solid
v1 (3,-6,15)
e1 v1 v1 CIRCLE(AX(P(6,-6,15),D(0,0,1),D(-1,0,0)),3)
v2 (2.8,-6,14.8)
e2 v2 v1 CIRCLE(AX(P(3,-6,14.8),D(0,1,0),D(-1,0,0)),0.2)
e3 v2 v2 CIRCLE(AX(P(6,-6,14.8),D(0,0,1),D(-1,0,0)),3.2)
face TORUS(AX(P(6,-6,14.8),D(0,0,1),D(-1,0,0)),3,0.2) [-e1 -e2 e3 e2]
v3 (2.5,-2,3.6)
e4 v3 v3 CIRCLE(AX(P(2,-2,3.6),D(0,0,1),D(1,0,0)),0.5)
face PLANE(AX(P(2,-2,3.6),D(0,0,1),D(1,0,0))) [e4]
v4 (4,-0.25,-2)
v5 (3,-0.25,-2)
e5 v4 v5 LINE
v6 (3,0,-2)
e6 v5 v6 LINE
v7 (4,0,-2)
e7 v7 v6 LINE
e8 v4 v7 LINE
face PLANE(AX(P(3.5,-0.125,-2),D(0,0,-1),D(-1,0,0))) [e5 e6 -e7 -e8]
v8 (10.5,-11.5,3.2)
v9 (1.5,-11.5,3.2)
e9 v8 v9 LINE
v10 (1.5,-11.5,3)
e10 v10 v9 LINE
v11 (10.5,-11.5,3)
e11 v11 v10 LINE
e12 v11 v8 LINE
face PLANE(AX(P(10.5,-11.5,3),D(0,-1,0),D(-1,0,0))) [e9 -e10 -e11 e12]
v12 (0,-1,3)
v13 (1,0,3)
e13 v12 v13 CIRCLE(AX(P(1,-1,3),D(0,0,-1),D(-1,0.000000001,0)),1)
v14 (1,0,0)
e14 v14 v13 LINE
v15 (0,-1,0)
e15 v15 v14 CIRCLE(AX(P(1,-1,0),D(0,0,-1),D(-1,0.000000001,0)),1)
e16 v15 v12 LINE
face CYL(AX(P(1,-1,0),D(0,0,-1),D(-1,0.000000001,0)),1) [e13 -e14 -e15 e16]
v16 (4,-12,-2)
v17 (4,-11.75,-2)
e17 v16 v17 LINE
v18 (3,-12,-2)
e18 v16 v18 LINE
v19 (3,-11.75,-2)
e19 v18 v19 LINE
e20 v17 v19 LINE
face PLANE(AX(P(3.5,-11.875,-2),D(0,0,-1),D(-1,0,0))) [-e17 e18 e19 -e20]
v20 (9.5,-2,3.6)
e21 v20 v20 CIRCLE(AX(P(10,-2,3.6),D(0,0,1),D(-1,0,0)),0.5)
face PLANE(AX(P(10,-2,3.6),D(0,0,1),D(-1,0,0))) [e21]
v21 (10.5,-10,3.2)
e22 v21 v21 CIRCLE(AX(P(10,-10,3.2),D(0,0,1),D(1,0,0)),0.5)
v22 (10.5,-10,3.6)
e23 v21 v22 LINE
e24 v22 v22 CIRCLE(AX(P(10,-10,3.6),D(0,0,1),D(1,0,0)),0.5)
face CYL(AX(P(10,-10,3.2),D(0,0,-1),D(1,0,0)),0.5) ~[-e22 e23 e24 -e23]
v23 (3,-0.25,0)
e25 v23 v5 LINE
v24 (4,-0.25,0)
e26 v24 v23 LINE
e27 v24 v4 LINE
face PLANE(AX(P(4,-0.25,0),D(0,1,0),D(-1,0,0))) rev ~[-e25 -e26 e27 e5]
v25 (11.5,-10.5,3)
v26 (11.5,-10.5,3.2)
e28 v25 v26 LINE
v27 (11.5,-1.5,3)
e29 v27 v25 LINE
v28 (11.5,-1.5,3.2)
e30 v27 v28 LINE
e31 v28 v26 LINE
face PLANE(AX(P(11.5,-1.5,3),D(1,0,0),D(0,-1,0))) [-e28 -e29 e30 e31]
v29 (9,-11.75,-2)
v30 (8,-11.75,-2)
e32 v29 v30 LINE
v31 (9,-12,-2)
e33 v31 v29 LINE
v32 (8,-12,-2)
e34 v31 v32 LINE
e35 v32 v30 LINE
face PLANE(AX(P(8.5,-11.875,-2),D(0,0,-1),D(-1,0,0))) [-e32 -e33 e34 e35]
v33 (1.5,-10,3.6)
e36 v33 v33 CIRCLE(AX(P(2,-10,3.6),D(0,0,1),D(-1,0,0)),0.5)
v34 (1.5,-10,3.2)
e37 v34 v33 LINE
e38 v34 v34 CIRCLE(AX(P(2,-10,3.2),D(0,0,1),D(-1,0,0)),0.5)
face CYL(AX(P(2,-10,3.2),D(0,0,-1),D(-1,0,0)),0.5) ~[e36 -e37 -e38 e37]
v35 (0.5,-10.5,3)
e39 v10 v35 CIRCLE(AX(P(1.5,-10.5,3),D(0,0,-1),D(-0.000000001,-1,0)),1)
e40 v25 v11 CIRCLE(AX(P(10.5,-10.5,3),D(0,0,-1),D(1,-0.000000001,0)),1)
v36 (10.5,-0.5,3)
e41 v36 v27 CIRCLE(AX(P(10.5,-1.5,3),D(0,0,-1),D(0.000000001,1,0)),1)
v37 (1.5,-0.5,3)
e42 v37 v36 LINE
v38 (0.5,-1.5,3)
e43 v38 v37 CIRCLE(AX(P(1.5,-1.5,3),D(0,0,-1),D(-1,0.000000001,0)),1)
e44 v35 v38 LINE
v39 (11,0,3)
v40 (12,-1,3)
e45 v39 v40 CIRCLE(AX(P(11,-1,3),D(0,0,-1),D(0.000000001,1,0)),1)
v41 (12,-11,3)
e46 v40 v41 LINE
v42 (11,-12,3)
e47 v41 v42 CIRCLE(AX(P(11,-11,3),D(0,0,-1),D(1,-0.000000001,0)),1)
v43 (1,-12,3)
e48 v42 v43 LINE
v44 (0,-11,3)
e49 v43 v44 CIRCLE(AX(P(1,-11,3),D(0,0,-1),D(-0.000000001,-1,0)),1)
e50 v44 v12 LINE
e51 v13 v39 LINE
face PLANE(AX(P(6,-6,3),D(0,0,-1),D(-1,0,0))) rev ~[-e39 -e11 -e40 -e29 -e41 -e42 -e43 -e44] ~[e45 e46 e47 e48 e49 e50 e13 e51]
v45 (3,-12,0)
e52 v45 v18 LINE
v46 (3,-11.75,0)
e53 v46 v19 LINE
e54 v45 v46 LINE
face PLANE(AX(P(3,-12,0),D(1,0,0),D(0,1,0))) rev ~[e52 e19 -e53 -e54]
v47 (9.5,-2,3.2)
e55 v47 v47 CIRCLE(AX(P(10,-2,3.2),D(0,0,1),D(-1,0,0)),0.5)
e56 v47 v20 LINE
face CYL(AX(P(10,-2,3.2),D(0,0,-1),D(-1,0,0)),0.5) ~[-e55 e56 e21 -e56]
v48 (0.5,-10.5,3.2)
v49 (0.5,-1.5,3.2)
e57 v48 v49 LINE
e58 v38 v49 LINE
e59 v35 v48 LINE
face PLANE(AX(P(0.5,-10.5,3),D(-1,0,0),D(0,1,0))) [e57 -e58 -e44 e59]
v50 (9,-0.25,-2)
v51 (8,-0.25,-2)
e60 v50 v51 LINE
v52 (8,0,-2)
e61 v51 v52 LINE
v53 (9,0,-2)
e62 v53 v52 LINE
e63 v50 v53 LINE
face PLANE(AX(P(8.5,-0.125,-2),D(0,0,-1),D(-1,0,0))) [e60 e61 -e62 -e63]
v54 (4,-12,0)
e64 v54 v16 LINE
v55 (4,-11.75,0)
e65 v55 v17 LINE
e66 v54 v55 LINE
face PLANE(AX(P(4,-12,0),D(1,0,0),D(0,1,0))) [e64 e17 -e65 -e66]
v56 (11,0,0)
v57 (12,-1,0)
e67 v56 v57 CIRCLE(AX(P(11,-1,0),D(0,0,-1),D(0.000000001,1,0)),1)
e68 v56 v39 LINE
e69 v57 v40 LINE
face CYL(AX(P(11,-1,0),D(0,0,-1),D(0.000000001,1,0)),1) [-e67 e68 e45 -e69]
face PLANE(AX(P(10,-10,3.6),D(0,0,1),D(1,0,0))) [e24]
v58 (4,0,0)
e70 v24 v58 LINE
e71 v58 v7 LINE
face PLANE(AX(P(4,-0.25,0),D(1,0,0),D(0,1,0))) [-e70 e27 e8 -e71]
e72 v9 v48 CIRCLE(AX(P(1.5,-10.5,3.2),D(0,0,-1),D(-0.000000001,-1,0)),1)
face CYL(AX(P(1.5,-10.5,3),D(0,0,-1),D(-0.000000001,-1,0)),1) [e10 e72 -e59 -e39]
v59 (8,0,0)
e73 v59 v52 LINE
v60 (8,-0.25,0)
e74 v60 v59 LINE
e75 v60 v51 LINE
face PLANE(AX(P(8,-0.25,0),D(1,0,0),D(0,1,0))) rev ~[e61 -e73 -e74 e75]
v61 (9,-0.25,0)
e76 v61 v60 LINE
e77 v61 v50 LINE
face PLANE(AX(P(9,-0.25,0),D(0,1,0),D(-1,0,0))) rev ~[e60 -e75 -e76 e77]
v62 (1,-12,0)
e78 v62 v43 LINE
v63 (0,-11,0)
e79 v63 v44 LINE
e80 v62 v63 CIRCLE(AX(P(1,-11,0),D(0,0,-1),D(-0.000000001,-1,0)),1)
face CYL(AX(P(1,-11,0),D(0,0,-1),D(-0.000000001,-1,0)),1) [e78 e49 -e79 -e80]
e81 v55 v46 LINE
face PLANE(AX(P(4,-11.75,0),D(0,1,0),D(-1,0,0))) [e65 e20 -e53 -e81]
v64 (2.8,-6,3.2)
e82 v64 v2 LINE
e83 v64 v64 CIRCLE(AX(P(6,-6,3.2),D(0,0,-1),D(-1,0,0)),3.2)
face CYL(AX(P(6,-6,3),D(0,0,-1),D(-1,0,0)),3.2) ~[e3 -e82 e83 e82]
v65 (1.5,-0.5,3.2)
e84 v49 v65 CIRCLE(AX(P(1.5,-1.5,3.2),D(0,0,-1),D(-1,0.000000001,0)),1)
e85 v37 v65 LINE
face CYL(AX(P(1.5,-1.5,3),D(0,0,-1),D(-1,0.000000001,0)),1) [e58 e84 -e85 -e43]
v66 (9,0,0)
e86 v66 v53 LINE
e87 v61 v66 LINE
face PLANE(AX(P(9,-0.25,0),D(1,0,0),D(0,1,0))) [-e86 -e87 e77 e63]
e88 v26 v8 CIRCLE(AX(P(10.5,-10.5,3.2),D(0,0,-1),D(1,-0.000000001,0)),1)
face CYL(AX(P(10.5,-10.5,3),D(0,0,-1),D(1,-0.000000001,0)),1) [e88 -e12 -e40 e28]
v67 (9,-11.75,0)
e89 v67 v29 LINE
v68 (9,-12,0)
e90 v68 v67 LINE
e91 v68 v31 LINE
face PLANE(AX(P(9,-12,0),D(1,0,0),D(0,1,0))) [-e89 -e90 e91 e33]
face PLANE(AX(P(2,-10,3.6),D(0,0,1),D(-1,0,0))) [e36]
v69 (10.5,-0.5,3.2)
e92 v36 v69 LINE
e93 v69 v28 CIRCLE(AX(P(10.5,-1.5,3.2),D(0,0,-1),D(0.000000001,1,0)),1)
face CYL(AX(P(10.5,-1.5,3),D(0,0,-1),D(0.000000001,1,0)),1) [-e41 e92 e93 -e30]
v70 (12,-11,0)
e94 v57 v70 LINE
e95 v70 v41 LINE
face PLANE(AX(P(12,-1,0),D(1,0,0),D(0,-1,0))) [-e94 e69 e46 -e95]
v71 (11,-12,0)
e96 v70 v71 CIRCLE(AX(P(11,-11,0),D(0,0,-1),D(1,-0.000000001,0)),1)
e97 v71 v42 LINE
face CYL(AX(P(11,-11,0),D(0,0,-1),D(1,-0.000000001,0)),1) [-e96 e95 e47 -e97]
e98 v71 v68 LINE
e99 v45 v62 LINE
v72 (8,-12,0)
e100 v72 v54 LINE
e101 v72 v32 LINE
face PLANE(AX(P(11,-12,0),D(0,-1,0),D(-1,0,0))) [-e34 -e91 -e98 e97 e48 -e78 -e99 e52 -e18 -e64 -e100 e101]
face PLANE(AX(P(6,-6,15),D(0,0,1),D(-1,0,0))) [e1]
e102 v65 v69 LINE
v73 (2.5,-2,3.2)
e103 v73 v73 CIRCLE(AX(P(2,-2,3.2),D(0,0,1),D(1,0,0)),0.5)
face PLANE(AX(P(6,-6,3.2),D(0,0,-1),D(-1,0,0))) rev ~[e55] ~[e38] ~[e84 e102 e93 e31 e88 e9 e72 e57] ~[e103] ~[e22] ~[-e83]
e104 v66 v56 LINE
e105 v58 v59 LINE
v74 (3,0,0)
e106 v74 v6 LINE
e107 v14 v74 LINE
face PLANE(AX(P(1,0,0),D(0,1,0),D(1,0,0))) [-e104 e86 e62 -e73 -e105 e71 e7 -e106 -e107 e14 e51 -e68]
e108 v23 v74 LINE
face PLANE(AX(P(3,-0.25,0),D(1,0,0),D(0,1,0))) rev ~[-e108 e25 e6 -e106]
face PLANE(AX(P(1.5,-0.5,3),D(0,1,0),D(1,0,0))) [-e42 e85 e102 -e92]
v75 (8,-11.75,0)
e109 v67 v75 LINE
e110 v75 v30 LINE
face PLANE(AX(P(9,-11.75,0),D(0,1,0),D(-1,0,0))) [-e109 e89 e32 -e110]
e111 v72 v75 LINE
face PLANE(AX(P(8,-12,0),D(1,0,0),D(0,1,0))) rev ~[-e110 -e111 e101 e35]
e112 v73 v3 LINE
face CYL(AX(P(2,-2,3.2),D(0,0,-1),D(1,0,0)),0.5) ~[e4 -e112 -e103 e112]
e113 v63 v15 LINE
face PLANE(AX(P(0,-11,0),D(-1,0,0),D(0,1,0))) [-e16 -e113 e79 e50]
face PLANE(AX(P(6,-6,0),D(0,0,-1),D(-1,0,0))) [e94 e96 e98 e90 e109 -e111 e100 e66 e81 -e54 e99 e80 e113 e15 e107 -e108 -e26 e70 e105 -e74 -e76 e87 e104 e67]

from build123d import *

# Parameters (mm, degrees)
EXTRUDE_1_DEPTH = 3
SKETCH_2_R      = 3.2
EXTRUDE_2_DEPTH = 12
FILLET_1_R      = 0.2
EXTRUDE_3_DEPTH = 0.2
SKETCH_4_R      = 0.5
EXTRUDE_4_DEPTH = 0.4
SKETCH_5_W      = 1
SKETCH_5_H      = 0.25
EXTRUDE_5_DEPTH = 2


with BuildPart() as part:
    # 草图1 → 凸台-拉伸1 (new body)
    with BuildSketch(Plane.XY):
        with BuildLine():
            Line((1, 0), (11, 0))
            ThreePointArc((11, 0), (11.707106781, -0.292893219), (12, -1))
            Line((12, -1), (12, -11))
            ThreePointArc((12, -11), (11.707106781, -11.707106781), (11, -12))
            Line((11, -12), (1, -12))
            ThreePointArc((1, -12), (0.292893219, -11.707106781), (0, -11))
            Line((0, -11), (0, -1))
            ThreePointArc((0, -1), (0.292893219, -0.292893219), (1, 0))
        make_face()
    extrude(amount=EXTRUDE_1_DEPTH)

    # 草图2 → 凸台-拉伸2 (add)
    with BuildSketch(Plane.XY.offset(3)):
        with Locations(Location((6, -6, 0), (0, 0, 180))):
            Circle(SKETCH_2_R)
    extrude(amount=EXTRUDE_2_DEPTH)

    # 圆角1
    fillet_1_edges = [part.edges().sort_by_distance(p)[0] for p in [
        (9.2, -6, 15),
    ]]
    fillet(fillet_1_edges, radius=FILLET_1_R)

    # 草图3 → 凸台-拉伸3 (add)
    with BuildSketch(Plane.XY.offset(3)):
        with BuildLine():
            Line((1.5, -0.5), (10.5, -0.5))
            ThreePointArc((10.5, -0.5), (11.207106781, -0.792893219), (11.5, -1.5))
            Line((11.5, -1.5), (11.5, -10.5))
            ThreePointArc((11.5, -10.5), (11.207106781, -11.207106781), (10.5, -11.5))
            Line((10.5, -11.5), (1.5, -11.5))
            ThreePointArc((1.5, -11.5), (0.792893219, -11.207106781), (0.5, -10.5))
            Line((0.5, -10.5), (0.5, -1.5))
            ThreePointArc((0.5, -1.5), (0.792893219, -0.792893219), (1.5, -0.5))
        make_face()
    extrude(amount=EXTRUDE_3_DEPTH)

    # 草图4 → 凸台-拉伸4 (add)
    with BuildSketch(Plane.XY.offset(3.2)):
        with Locations((2, -2)):
            Circle(SKETCH_4_R)
        with Locations(Location((10, -2, 0), (0, 0, 180))):
            Circle(SKETCH_4_R)
        with Locations((10, -10)):
            Circle(SKETCH_4_R)
        with Locations(Location((2, -10, 0), (0, 0, 180))):
            Circle(SKETCH_4_R)
    extrude(amount=EXTRUDE_4_DEPTH)

    # 草图5 → 凸台-拉伸5 (add)
    with BuildSketch(Plane(origin=(0, 0, 0), x_dir=(-1, 0, 0), z_dir=(0, 0, -1))):
        with Locations((-3.5, -11.875)):
            Rectangle(SKETCH_5_W, SKETCH_5_H)
        with Locations((-8.5, -11.875)):
            Rectangle(SKETCH_5_W, SKETCH_5_H)
        with Locations((-8.5, -0.125)):
            Rectangle(SKETCH_5_W, SKETCH_5_H)
        with Locations((-3.5, -0.125)):
            Rectangle(SKETCH_5_W, SKETCH_5_H)
    extrude(amount=EXTRUDE_5_DEPTH)


solid = part.part
